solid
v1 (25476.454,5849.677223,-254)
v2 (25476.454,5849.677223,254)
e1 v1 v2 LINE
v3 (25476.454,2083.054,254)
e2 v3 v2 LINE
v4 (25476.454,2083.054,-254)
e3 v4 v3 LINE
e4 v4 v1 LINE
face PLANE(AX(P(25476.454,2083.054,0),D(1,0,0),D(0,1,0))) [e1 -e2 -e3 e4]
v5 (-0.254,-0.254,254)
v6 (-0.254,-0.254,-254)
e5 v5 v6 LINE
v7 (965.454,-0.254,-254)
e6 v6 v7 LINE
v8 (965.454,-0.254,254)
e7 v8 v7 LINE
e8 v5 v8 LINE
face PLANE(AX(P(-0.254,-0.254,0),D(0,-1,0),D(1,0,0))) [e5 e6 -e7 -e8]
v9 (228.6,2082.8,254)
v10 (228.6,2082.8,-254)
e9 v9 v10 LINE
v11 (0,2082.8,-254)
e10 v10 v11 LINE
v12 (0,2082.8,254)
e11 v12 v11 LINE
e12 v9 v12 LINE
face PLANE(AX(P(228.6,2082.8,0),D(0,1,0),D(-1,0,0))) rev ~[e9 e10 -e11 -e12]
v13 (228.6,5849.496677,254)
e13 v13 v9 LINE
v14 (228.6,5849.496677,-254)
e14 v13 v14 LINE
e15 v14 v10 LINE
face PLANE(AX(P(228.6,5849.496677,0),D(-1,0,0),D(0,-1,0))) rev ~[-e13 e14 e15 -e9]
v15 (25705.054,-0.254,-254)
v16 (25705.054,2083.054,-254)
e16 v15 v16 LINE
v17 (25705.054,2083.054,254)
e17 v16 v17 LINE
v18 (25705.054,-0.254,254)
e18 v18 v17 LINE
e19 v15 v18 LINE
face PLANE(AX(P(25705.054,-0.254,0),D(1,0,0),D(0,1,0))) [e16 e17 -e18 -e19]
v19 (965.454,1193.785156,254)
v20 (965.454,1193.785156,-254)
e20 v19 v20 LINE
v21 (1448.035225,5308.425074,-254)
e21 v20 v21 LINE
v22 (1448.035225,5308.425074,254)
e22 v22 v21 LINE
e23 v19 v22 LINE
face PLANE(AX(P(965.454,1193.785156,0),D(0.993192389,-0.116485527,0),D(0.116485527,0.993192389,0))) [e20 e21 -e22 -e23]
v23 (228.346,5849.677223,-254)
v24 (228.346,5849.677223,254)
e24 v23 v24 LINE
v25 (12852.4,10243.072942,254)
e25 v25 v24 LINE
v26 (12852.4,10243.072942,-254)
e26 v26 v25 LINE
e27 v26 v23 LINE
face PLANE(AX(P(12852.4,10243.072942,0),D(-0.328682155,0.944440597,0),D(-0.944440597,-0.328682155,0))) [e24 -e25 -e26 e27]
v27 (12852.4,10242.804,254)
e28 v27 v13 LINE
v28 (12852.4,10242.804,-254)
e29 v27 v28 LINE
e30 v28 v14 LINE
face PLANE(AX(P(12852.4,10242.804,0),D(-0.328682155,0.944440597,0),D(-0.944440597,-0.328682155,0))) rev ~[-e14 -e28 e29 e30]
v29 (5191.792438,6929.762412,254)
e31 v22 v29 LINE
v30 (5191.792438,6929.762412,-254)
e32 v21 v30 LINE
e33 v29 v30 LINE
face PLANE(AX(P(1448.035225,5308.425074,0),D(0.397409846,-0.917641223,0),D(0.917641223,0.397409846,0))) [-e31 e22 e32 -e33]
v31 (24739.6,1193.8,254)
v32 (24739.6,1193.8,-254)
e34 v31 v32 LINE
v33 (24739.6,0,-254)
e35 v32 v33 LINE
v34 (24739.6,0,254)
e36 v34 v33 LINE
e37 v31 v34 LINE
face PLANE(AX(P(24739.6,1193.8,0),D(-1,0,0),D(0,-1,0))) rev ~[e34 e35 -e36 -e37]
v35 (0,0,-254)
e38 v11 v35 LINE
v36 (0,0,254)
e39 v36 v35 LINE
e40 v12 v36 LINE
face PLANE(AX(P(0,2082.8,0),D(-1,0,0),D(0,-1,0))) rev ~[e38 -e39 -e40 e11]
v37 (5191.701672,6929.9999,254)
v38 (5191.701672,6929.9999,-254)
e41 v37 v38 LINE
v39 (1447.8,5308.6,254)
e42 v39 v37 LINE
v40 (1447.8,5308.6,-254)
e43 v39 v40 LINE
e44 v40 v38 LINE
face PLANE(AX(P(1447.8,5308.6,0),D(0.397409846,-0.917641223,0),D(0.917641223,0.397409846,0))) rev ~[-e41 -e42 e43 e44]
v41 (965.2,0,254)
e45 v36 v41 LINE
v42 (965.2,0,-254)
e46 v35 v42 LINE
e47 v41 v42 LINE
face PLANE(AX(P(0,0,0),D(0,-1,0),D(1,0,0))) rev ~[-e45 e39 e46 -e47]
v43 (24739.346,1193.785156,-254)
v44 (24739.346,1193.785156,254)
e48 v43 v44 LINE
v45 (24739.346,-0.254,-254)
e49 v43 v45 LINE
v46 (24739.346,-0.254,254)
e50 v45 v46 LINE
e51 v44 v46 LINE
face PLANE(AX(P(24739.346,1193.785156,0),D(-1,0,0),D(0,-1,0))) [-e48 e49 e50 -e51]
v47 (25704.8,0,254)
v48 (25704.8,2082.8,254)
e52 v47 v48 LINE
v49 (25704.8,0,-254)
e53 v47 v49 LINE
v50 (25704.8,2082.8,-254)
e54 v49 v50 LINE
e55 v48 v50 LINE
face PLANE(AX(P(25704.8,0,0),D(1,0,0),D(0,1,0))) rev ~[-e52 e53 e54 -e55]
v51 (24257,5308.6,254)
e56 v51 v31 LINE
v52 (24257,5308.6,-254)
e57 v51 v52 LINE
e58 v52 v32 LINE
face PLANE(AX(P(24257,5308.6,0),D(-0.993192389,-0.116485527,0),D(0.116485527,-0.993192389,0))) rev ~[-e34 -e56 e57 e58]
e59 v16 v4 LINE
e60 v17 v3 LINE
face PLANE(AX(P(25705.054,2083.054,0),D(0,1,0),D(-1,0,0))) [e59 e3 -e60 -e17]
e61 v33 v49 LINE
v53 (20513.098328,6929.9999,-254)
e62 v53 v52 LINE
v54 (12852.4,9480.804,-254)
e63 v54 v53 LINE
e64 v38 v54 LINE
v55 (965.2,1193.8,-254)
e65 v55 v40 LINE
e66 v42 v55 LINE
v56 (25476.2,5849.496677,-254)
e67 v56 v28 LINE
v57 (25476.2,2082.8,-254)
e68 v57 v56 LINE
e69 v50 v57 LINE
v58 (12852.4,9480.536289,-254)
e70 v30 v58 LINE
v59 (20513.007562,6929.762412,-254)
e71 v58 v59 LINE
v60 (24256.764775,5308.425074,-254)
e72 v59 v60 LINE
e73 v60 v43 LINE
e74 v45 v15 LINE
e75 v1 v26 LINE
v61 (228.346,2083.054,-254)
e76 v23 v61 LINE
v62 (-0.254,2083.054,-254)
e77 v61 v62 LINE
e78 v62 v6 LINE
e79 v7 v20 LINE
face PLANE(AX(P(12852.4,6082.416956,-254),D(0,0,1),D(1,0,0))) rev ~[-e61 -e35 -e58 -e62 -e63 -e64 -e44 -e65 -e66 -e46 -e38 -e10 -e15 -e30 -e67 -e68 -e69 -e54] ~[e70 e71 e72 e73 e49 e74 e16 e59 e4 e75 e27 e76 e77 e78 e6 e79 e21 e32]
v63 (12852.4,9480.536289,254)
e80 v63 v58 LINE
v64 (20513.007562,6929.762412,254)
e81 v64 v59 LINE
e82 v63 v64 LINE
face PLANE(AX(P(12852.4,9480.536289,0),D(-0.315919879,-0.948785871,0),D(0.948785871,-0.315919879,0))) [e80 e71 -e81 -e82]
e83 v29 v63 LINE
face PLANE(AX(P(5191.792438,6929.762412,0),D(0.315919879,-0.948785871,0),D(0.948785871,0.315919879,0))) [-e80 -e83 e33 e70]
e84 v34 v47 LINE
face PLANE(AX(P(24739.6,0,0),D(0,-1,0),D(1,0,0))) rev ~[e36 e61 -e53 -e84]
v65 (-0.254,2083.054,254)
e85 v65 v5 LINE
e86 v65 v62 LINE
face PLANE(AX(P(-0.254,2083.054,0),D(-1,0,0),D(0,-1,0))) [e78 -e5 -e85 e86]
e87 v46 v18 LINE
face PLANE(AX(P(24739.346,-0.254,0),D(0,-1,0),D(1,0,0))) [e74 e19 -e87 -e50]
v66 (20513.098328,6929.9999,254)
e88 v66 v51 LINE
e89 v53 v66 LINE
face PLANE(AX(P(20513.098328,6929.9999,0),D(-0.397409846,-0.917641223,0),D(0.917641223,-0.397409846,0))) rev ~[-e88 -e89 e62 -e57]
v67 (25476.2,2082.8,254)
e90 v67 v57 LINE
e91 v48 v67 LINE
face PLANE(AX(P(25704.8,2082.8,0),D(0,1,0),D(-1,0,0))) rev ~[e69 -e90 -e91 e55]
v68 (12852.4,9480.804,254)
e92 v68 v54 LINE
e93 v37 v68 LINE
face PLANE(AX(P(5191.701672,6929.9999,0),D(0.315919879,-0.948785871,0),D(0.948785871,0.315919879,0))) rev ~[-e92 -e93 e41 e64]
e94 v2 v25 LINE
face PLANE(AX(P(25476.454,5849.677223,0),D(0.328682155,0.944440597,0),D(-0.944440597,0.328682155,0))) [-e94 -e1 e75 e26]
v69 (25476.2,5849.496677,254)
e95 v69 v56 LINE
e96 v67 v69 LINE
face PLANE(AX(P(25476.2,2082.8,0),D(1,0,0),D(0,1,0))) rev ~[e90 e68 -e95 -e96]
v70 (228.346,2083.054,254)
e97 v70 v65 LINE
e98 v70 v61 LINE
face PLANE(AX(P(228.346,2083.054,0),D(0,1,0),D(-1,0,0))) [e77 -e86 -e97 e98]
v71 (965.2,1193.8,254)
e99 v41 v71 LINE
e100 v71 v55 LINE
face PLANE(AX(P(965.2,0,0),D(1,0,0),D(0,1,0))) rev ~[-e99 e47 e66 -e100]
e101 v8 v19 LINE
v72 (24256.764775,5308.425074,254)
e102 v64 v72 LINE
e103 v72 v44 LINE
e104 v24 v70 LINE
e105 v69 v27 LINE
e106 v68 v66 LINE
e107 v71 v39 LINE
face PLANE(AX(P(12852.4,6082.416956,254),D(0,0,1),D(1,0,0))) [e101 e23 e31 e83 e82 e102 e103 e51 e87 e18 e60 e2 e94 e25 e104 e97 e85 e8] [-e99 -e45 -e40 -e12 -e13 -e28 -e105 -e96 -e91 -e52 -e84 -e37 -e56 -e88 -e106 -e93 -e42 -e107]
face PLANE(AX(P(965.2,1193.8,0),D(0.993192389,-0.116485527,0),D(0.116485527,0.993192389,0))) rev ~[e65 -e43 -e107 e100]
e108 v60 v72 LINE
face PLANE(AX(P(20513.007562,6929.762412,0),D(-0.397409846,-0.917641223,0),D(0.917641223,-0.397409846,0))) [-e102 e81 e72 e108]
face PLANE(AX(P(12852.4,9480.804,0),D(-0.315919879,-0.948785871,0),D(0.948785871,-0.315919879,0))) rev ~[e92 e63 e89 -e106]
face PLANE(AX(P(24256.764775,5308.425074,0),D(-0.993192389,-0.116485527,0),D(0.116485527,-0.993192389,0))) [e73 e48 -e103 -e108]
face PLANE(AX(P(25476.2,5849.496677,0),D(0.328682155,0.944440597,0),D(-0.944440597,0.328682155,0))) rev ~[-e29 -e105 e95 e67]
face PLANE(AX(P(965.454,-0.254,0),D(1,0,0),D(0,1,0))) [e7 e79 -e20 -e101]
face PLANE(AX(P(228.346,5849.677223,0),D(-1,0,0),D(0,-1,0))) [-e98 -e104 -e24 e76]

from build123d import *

# Parameters (mm, degrees)
EXTRUIR_L_MINA1_DEPTH = 254


with BuildPart() as part:
    # Croquis1 → Extruir-Lámina1 (new body, symmetric)
    with BuildSketch(Plane.XY):
        Polygon((20513.007562206, 6929.762411967), (24256.764775023, 5308.425074033), (24739.346, 1193.785155811), (24739.346, -0.254), (25705.054, -0.254), (25705.054, 2083.054), (25476.454, 2083.054), (25476.454, 5849.677222807), (12852.4, 10243.072942272), (228.346, 5849.677222807), (228.346, 2083.054), (-0.254, 2083.054), (-0.254, -0.254), (965.454, -0.254), (965.454, 1193.785155811), (1448.035224977, 5308.425074033), (5191.792437794, 6929.762411967), (12852.4, 9480.536289437), align=None)
        Polygon((20513.098327776, 6929.999900065), (24257, 5308.6), (24739.6, 1193.8), (24739.6, 0), (25704.8, 0), (25704.8, 2082.8), (25476.2, 2082.8), (25476.2, 5849.49667706), (12852.4, 10242.804), (228.6, 5849.49667706), (228.6, 2082.8), (0, 2082.8), (0, 0), (965.2, 0), (965.2, 1193.8), (1447.8, 5308.6), (5191.701672224, 6929.999900065), (12852.4, 9480.804), align=None, mode=Mode.SUBTRACT)
    extrude(amount=EXTRUIR_L_MINA1_DEPTH, both=True)


solid = part.part
